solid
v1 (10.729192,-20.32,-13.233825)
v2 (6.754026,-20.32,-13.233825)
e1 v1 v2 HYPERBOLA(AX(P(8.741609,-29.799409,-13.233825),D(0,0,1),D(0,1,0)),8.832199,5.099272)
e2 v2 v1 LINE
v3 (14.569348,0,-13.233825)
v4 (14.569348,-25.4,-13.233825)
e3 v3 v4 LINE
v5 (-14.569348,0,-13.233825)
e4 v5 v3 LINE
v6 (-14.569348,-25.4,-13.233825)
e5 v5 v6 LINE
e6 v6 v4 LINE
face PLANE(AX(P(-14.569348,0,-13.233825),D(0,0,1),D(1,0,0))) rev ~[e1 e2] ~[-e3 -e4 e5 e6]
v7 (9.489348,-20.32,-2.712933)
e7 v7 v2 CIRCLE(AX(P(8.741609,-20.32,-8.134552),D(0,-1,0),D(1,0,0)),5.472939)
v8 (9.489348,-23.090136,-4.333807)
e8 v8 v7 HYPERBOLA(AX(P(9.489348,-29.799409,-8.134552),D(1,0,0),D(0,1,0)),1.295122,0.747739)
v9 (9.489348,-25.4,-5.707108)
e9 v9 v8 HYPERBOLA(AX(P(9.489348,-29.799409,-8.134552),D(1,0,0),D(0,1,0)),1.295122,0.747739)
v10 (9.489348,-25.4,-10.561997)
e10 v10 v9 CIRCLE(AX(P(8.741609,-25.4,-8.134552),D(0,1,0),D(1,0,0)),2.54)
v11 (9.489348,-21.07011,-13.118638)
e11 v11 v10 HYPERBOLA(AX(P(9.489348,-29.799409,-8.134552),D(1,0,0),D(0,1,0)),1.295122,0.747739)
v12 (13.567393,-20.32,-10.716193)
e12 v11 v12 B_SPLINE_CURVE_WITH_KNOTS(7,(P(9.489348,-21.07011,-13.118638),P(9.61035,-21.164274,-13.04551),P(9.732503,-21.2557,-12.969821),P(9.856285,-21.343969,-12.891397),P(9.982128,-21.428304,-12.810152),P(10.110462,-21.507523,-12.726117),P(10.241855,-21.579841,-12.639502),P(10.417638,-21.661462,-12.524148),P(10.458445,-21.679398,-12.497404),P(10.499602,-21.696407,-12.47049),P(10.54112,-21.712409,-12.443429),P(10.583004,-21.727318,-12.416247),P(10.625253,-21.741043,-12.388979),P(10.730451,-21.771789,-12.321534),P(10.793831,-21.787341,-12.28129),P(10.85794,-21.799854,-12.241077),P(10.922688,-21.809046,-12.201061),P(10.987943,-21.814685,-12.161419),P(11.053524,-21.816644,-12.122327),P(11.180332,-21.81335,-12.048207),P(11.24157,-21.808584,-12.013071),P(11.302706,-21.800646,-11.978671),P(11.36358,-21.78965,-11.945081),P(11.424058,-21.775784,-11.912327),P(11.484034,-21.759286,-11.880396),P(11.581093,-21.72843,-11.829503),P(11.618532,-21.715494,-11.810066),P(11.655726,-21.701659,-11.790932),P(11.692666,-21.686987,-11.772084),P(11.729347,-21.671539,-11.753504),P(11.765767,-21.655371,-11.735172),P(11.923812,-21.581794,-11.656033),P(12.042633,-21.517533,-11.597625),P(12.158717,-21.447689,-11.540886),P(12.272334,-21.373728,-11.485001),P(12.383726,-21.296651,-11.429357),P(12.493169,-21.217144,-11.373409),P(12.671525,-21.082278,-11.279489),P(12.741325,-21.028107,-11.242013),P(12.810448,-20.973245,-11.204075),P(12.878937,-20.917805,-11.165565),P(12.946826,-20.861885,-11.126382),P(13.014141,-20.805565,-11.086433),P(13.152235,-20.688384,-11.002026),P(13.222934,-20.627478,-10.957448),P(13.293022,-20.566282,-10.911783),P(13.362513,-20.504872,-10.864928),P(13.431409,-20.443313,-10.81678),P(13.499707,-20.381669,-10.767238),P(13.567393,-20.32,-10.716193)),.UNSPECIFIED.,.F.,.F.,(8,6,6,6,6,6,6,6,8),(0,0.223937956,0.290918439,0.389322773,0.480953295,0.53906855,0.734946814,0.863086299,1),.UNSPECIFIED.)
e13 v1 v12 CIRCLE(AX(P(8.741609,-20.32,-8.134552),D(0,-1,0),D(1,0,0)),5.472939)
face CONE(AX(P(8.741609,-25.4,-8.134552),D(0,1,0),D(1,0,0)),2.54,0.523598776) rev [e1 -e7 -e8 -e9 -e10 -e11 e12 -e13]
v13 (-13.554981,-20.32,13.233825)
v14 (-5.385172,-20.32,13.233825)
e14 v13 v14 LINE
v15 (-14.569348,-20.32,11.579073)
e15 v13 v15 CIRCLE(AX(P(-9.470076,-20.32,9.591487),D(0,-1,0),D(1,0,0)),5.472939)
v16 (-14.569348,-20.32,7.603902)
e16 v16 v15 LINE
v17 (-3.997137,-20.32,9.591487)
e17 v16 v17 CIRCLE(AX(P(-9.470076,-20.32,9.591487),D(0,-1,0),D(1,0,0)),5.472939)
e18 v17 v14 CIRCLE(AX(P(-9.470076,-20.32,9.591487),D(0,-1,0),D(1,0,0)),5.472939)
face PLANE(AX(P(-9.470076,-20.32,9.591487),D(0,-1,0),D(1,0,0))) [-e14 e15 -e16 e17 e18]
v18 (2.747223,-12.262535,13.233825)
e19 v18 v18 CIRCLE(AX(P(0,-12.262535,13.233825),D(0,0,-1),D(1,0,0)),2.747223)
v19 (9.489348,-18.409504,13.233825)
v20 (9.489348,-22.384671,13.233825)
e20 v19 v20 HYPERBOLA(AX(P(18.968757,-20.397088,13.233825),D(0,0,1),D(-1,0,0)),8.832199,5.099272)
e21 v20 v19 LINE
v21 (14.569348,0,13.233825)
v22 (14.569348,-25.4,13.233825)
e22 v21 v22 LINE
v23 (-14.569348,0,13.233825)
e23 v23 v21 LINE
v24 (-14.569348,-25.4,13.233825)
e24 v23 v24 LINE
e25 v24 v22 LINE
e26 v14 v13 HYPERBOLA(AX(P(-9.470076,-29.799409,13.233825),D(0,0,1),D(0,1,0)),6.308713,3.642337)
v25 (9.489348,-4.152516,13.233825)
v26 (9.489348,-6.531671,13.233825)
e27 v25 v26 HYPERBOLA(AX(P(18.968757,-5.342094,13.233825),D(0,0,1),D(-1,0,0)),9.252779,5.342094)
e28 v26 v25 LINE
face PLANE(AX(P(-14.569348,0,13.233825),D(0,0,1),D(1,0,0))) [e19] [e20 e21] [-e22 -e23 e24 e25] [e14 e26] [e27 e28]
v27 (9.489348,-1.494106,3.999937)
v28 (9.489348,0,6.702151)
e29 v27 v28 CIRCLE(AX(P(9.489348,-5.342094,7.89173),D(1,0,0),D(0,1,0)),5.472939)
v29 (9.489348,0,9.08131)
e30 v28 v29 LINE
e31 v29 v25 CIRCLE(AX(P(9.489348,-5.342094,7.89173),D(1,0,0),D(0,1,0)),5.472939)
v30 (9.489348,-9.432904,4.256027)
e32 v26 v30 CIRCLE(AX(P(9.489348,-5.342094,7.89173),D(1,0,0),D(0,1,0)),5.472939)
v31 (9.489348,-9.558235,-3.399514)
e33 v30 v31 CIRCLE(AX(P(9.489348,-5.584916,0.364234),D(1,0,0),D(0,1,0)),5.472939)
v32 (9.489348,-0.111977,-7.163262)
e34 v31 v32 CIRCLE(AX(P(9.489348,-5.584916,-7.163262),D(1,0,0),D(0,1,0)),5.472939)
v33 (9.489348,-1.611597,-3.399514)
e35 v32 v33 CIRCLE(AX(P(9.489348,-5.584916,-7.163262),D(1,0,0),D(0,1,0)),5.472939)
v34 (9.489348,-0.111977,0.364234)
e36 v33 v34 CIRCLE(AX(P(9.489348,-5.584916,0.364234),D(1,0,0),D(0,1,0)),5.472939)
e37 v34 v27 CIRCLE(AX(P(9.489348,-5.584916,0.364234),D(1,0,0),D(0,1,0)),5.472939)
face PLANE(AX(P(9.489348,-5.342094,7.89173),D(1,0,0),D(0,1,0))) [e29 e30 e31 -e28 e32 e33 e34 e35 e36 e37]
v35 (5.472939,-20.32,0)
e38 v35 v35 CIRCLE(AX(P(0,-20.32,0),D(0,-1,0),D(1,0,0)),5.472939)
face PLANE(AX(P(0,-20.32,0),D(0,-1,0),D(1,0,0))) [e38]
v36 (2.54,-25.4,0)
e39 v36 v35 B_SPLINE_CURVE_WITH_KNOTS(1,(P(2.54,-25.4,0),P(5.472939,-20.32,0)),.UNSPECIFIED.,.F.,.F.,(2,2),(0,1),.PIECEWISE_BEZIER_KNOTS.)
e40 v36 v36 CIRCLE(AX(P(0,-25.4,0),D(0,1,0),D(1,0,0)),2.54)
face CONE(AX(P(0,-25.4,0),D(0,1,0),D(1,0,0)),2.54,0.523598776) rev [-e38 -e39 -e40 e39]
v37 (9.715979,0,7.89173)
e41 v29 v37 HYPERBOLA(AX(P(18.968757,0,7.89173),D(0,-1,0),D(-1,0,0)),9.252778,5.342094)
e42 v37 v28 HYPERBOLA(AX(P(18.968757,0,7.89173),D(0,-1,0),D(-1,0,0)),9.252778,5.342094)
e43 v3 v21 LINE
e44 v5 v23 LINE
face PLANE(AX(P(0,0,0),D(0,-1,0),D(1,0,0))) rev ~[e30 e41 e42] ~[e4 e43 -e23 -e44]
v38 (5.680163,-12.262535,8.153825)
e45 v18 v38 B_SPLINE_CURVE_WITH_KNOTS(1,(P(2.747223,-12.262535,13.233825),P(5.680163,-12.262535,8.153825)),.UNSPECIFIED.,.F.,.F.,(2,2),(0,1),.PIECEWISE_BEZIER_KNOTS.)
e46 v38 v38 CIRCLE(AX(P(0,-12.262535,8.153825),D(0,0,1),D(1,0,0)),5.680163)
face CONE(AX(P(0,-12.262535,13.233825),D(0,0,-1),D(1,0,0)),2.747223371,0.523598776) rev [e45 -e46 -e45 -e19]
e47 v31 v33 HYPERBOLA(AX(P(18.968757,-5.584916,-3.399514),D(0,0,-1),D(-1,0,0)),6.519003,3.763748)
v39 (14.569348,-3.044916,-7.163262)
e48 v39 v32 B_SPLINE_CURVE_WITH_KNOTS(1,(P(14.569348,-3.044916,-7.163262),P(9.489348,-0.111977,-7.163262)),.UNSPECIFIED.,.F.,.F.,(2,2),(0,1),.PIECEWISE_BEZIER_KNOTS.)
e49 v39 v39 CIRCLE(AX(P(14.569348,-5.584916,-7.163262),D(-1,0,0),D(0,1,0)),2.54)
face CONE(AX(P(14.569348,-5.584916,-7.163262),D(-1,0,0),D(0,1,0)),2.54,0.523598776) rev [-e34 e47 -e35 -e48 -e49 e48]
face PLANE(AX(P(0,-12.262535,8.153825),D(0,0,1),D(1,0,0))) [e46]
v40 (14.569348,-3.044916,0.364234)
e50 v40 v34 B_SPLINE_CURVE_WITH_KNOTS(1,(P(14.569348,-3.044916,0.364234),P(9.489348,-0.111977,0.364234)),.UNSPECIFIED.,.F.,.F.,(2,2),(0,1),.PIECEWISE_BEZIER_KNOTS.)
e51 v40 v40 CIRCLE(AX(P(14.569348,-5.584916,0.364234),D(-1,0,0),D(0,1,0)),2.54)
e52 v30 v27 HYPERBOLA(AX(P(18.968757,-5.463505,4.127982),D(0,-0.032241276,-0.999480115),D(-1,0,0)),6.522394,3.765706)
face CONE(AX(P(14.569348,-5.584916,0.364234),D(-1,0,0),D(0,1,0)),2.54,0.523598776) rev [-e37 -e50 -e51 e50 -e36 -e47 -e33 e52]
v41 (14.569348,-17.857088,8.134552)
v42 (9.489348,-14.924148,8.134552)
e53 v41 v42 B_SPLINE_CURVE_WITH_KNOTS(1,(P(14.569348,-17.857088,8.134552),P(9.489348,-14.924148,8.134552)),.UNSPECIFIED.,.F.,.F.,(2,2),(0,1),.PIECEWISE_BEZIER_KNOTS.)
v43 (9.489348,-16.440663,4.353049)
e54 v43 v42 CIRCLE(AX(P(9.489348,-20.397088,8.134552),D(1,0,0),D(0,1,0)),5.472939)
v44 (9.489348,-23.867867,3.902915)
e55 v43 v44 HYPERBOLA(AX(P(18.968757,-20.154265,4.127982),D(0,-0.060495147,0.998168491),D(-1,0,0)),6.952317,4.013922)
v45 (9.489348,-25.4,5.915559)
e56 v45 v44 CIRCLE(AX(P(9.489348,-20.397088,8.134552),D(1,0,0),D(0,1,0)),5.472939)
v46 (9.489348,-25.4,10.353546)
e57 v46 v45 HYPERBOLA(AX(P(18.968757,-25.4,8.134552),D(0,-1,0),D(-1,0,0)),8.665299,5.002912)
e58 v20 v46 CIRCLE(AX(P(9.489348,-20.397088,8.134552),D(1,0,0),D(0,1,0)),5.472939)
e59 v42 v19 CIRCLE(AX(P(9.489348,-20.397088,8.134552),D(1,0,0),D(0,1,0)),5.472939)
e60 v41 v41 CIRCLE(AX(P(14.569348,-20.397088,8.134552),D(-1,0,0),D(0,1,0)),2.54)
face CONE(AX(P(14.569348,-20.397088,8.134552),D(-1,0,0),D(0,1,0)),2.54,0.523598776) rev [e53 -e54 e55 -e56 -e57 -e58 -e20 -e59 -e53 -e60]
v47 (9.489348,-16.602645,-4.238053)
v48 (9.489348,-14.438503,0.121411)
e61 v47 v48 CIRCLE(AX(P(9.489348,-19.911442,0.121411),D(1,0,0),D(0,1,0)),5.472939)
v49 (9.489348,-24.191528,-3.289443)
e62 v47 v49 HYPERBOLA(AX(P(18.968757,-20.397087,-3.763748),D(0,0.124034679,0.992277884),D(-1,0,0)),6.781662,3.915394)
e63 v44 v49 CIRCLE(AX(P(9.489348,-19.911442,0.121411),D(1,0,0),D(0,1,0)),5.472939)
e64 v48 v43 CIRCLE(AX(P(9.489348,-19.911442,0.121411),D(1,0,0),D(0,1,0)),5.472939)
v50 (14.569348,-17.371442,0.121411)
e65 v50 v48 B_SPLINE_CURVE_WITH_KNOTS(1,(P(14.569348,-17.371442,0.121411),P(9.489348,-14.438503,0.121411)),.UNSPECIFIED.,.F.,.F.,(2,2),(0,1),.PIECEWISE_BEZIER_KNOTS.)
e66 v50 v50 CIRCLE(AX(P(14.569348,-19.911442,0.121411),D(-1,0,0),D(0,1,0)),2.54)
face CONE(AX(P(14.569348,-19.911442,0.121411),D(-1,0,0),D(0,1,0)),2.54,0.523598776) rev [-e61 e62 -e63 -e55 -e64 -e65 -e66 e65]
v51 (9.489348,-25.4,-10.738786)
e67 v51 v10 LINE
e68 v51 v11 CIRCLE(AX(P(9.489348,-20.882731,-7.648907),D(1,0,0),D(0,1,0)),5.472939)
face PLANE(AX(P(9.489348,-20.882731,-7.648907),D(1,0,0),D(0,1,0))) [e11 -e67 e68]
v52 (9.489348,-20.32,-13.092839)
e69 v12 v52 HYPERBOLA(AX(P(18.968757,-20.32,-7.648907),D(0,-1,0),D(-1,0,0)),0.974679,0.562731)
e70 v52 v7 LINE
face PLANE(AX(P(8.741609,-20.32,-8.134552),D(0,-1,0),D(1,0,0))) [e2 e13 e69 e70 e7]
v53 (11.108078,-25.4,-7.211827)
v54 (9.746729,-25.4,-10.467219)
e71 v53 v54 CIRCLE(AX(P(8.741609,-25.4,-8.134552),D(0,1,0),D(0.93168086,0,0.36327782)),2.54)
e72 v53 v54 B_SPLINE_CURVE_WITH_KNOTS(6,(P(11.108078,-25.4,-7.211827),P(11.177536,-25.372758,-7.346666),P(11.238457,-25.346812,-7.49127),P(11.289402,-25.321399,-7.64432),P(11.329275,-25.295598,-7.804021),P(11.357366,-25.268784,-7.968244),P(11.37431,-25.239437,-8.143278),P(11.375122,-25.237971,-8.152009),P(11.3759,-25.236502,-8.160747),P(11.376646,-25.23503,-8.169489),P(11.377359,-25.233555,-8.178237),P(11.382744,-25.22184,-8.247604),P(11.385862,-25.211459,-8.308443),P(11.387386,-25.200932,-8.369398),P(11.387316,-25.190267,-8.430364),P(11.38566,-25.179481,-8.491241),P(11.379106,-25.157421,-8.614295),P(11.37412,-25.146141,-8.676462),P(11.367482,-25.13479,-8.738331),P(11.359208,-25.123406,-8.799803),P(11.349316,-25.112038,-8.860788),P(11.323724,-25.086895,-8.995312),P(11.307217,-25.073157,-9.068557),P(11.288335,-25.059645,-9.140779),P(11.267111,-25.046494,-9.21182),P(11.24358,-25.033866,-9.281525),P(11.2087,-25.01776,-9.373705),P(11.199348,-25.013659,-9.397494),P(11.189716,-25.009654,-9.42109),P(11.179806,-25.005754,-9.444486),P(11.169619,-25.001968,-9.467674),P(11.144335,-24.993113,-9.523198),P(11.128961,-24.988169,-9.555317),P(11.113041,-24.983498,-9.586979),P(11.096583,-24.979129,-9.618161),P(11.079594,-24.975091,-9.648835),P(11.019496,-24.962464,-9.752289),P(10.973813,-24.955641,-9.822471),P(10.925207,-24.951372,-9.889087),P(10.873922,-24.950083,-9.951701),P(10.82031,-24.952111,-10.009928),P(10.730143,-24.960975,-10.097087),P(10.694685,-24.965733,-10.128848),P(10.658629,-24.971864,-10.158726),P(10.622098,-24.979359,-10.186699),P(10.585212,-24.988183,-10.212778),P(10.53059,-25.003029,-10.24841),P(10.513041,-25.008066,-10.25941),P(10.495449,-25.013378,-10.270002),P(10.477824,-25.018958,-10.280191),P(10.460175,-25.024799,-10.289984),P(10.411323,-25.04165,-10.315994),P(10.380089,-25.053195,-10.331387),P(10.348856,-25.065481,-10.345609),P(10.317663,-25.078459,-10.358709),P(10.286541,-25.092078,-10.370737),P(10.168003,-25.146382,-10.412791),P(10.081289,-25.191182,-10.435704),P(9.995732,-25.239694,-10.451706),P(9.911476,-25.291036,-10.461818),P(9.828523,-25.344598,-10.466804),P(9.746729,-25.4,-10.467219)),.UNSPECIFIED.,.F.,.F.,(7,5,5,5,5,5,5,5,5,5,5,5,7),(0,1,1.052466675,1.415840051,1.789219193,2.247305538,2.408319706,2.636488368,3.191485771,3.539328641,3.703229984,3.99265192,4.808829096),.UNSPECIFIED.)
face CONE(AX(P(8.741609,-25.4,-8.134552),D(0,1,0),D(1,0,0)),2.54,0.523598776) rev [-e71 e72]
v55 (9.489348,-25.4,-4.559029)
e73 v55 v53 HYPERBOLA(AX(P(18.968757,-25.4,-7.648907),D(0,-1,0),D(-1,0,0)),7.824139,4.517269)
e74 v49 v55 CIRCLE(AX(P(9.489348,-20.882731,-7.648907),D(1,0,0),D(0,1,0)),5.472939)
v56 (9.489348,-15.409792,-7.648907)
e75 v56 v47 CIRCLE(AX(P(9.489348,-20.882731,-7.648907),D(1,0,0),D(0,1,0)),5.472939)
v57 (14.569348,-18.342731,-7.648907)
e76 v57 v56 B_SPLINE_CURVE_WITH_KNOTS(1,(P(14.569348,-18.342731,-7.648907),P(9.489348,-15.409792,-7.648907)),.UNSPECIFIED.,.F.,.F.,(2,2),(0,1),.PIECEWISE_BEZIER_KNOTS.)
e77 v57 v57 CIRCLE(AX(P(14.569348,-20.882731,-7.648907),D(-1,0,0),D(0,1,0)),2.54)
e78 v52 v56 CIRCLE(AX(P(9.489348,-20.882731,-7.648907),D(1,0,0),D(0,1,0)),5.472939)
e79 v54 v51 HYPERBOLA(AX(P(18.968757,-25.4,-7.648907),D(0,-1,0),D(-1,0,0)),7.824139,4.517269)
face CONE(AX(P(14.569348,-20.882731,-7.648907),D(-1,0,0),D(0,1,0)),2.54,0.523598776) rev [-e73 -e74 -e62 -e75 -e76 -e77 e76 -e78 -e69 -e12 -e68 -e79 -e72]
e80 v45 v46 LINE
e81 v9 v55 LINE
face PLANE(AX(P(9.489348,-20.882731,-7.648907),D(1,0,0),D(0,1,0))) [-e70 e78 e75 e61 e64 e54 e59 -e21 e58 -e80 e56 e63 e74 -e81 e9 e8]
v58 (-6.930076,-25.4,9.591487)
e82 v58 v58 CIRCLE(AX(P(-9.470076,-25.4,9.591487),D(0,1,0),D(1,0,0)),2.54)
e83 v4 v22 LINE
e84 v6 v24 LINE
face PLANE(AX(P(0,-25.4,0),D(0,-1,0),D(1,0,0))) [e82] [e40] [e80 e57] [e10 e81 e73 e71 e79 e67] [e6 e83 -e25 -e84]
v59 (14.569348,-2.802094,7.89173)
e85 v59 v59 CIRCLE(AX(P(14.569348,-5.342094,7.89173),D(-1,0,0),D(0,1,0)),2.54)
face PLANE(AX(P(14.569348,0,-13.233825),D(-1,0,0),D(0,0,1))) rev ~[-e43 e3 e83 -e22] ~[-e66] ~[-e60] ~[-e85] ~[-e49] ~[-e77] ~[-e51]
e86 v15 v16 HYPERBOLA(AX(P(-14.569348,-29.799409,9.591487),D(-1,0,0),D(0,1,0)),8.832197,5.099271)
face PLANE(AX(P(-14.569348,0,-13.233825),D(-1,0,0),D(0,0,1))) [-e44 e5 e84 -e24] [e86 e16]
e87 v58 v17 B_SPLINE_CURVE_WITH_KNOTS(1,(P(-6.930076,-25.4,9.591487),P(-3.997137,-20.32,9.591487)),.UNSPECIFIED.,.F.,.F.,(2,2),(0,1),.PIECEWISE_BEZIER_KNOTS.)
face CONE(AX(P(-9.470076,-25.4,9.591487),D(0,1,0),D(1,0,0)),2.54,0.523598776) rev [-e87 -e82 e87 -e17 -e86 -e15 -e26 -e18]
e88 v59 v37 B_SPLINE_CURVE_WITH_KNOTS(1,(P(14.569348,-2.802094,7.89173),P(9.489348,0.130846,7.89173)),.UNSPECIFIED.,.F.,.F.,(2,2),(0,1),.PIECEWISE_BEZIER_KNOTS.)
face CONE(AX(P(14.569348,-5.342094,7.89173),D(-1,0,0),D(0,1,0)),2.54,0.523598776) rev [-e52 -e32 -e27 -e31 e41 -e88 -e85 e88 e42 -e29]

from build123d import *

# Parameters (mm, degrees)
F0_W     = 29.1386954486
F0_H     = 26.4676492661
F1_DEPTH = 25.4
F2_R     = 2.7472233706
F3_DEPTH = 5.08
F3_TAPER = -30
F4_R     = 2.54
F5_DEPTH = 5.08
F5_TAPER = -30
F6_R     = 2.54
F7_DEPTH = 5.08
F7_TAPER = -30


with BuildPart() as f1:
    # F0 (on Front) → F1 (new body)
    with BuildSketch(Plane.XZ):
        Rectangle(F0_W, F0_H)
    extrude(amount=F1_DEPTH)

    # F2 (on face) → F3 (cut)
    with BuildSketch(Plane.XY.offset(13.2338246331)):
        with Locations((0, -12.2625352815)):
            Circle(F2_R)
    extrude(amount=-F3_DEPTH, taper=F3_TAPER, mode=Mode.SUBTRACT)

    # F4 (on face) → F5 (cut)
    with BuildSketch(Plane.XZ.offset(25.4)):
        with Locations((8.7416088209, -8.1345522776)):
            Circle(F4_R)
        Circle(F4_R)
        with Locations((-9.4700763002, 9.5914872363)):
            Circle(F4_R)
    extrude(amount=-F5_DEPTH, taper=F5_TAPER, mode=Mode.SUBTRACT)

    # F6 (on face) → F7 (cut)
    with BuildSketch(Plane.YZ.offset(14.5693477243)):
        with Locations((-20.3970875591, 8.1345522776)):
            Circle(F6_R)
        with Locations((-19.911441952, 0.1214112272)):
            Circle(F6_R)
        with Locations((-20.8827313036, -7.6489071362)):
            Circle(F6_R)
        with Locations((-5.5849160999, -7.1632624604)):
            Circle(F6_R)
        with Locations((-5.5849160999, 0.3642337106)):
            Circle(F6_R)
        with Locations((-5.342093762, 7.8917304054)):
            Circle(F6_R)
    extrude(amount=-F7_DEPTH, taper=F7_TAPER, mode=Mode.SUBTRACT)


solid = f1.part
